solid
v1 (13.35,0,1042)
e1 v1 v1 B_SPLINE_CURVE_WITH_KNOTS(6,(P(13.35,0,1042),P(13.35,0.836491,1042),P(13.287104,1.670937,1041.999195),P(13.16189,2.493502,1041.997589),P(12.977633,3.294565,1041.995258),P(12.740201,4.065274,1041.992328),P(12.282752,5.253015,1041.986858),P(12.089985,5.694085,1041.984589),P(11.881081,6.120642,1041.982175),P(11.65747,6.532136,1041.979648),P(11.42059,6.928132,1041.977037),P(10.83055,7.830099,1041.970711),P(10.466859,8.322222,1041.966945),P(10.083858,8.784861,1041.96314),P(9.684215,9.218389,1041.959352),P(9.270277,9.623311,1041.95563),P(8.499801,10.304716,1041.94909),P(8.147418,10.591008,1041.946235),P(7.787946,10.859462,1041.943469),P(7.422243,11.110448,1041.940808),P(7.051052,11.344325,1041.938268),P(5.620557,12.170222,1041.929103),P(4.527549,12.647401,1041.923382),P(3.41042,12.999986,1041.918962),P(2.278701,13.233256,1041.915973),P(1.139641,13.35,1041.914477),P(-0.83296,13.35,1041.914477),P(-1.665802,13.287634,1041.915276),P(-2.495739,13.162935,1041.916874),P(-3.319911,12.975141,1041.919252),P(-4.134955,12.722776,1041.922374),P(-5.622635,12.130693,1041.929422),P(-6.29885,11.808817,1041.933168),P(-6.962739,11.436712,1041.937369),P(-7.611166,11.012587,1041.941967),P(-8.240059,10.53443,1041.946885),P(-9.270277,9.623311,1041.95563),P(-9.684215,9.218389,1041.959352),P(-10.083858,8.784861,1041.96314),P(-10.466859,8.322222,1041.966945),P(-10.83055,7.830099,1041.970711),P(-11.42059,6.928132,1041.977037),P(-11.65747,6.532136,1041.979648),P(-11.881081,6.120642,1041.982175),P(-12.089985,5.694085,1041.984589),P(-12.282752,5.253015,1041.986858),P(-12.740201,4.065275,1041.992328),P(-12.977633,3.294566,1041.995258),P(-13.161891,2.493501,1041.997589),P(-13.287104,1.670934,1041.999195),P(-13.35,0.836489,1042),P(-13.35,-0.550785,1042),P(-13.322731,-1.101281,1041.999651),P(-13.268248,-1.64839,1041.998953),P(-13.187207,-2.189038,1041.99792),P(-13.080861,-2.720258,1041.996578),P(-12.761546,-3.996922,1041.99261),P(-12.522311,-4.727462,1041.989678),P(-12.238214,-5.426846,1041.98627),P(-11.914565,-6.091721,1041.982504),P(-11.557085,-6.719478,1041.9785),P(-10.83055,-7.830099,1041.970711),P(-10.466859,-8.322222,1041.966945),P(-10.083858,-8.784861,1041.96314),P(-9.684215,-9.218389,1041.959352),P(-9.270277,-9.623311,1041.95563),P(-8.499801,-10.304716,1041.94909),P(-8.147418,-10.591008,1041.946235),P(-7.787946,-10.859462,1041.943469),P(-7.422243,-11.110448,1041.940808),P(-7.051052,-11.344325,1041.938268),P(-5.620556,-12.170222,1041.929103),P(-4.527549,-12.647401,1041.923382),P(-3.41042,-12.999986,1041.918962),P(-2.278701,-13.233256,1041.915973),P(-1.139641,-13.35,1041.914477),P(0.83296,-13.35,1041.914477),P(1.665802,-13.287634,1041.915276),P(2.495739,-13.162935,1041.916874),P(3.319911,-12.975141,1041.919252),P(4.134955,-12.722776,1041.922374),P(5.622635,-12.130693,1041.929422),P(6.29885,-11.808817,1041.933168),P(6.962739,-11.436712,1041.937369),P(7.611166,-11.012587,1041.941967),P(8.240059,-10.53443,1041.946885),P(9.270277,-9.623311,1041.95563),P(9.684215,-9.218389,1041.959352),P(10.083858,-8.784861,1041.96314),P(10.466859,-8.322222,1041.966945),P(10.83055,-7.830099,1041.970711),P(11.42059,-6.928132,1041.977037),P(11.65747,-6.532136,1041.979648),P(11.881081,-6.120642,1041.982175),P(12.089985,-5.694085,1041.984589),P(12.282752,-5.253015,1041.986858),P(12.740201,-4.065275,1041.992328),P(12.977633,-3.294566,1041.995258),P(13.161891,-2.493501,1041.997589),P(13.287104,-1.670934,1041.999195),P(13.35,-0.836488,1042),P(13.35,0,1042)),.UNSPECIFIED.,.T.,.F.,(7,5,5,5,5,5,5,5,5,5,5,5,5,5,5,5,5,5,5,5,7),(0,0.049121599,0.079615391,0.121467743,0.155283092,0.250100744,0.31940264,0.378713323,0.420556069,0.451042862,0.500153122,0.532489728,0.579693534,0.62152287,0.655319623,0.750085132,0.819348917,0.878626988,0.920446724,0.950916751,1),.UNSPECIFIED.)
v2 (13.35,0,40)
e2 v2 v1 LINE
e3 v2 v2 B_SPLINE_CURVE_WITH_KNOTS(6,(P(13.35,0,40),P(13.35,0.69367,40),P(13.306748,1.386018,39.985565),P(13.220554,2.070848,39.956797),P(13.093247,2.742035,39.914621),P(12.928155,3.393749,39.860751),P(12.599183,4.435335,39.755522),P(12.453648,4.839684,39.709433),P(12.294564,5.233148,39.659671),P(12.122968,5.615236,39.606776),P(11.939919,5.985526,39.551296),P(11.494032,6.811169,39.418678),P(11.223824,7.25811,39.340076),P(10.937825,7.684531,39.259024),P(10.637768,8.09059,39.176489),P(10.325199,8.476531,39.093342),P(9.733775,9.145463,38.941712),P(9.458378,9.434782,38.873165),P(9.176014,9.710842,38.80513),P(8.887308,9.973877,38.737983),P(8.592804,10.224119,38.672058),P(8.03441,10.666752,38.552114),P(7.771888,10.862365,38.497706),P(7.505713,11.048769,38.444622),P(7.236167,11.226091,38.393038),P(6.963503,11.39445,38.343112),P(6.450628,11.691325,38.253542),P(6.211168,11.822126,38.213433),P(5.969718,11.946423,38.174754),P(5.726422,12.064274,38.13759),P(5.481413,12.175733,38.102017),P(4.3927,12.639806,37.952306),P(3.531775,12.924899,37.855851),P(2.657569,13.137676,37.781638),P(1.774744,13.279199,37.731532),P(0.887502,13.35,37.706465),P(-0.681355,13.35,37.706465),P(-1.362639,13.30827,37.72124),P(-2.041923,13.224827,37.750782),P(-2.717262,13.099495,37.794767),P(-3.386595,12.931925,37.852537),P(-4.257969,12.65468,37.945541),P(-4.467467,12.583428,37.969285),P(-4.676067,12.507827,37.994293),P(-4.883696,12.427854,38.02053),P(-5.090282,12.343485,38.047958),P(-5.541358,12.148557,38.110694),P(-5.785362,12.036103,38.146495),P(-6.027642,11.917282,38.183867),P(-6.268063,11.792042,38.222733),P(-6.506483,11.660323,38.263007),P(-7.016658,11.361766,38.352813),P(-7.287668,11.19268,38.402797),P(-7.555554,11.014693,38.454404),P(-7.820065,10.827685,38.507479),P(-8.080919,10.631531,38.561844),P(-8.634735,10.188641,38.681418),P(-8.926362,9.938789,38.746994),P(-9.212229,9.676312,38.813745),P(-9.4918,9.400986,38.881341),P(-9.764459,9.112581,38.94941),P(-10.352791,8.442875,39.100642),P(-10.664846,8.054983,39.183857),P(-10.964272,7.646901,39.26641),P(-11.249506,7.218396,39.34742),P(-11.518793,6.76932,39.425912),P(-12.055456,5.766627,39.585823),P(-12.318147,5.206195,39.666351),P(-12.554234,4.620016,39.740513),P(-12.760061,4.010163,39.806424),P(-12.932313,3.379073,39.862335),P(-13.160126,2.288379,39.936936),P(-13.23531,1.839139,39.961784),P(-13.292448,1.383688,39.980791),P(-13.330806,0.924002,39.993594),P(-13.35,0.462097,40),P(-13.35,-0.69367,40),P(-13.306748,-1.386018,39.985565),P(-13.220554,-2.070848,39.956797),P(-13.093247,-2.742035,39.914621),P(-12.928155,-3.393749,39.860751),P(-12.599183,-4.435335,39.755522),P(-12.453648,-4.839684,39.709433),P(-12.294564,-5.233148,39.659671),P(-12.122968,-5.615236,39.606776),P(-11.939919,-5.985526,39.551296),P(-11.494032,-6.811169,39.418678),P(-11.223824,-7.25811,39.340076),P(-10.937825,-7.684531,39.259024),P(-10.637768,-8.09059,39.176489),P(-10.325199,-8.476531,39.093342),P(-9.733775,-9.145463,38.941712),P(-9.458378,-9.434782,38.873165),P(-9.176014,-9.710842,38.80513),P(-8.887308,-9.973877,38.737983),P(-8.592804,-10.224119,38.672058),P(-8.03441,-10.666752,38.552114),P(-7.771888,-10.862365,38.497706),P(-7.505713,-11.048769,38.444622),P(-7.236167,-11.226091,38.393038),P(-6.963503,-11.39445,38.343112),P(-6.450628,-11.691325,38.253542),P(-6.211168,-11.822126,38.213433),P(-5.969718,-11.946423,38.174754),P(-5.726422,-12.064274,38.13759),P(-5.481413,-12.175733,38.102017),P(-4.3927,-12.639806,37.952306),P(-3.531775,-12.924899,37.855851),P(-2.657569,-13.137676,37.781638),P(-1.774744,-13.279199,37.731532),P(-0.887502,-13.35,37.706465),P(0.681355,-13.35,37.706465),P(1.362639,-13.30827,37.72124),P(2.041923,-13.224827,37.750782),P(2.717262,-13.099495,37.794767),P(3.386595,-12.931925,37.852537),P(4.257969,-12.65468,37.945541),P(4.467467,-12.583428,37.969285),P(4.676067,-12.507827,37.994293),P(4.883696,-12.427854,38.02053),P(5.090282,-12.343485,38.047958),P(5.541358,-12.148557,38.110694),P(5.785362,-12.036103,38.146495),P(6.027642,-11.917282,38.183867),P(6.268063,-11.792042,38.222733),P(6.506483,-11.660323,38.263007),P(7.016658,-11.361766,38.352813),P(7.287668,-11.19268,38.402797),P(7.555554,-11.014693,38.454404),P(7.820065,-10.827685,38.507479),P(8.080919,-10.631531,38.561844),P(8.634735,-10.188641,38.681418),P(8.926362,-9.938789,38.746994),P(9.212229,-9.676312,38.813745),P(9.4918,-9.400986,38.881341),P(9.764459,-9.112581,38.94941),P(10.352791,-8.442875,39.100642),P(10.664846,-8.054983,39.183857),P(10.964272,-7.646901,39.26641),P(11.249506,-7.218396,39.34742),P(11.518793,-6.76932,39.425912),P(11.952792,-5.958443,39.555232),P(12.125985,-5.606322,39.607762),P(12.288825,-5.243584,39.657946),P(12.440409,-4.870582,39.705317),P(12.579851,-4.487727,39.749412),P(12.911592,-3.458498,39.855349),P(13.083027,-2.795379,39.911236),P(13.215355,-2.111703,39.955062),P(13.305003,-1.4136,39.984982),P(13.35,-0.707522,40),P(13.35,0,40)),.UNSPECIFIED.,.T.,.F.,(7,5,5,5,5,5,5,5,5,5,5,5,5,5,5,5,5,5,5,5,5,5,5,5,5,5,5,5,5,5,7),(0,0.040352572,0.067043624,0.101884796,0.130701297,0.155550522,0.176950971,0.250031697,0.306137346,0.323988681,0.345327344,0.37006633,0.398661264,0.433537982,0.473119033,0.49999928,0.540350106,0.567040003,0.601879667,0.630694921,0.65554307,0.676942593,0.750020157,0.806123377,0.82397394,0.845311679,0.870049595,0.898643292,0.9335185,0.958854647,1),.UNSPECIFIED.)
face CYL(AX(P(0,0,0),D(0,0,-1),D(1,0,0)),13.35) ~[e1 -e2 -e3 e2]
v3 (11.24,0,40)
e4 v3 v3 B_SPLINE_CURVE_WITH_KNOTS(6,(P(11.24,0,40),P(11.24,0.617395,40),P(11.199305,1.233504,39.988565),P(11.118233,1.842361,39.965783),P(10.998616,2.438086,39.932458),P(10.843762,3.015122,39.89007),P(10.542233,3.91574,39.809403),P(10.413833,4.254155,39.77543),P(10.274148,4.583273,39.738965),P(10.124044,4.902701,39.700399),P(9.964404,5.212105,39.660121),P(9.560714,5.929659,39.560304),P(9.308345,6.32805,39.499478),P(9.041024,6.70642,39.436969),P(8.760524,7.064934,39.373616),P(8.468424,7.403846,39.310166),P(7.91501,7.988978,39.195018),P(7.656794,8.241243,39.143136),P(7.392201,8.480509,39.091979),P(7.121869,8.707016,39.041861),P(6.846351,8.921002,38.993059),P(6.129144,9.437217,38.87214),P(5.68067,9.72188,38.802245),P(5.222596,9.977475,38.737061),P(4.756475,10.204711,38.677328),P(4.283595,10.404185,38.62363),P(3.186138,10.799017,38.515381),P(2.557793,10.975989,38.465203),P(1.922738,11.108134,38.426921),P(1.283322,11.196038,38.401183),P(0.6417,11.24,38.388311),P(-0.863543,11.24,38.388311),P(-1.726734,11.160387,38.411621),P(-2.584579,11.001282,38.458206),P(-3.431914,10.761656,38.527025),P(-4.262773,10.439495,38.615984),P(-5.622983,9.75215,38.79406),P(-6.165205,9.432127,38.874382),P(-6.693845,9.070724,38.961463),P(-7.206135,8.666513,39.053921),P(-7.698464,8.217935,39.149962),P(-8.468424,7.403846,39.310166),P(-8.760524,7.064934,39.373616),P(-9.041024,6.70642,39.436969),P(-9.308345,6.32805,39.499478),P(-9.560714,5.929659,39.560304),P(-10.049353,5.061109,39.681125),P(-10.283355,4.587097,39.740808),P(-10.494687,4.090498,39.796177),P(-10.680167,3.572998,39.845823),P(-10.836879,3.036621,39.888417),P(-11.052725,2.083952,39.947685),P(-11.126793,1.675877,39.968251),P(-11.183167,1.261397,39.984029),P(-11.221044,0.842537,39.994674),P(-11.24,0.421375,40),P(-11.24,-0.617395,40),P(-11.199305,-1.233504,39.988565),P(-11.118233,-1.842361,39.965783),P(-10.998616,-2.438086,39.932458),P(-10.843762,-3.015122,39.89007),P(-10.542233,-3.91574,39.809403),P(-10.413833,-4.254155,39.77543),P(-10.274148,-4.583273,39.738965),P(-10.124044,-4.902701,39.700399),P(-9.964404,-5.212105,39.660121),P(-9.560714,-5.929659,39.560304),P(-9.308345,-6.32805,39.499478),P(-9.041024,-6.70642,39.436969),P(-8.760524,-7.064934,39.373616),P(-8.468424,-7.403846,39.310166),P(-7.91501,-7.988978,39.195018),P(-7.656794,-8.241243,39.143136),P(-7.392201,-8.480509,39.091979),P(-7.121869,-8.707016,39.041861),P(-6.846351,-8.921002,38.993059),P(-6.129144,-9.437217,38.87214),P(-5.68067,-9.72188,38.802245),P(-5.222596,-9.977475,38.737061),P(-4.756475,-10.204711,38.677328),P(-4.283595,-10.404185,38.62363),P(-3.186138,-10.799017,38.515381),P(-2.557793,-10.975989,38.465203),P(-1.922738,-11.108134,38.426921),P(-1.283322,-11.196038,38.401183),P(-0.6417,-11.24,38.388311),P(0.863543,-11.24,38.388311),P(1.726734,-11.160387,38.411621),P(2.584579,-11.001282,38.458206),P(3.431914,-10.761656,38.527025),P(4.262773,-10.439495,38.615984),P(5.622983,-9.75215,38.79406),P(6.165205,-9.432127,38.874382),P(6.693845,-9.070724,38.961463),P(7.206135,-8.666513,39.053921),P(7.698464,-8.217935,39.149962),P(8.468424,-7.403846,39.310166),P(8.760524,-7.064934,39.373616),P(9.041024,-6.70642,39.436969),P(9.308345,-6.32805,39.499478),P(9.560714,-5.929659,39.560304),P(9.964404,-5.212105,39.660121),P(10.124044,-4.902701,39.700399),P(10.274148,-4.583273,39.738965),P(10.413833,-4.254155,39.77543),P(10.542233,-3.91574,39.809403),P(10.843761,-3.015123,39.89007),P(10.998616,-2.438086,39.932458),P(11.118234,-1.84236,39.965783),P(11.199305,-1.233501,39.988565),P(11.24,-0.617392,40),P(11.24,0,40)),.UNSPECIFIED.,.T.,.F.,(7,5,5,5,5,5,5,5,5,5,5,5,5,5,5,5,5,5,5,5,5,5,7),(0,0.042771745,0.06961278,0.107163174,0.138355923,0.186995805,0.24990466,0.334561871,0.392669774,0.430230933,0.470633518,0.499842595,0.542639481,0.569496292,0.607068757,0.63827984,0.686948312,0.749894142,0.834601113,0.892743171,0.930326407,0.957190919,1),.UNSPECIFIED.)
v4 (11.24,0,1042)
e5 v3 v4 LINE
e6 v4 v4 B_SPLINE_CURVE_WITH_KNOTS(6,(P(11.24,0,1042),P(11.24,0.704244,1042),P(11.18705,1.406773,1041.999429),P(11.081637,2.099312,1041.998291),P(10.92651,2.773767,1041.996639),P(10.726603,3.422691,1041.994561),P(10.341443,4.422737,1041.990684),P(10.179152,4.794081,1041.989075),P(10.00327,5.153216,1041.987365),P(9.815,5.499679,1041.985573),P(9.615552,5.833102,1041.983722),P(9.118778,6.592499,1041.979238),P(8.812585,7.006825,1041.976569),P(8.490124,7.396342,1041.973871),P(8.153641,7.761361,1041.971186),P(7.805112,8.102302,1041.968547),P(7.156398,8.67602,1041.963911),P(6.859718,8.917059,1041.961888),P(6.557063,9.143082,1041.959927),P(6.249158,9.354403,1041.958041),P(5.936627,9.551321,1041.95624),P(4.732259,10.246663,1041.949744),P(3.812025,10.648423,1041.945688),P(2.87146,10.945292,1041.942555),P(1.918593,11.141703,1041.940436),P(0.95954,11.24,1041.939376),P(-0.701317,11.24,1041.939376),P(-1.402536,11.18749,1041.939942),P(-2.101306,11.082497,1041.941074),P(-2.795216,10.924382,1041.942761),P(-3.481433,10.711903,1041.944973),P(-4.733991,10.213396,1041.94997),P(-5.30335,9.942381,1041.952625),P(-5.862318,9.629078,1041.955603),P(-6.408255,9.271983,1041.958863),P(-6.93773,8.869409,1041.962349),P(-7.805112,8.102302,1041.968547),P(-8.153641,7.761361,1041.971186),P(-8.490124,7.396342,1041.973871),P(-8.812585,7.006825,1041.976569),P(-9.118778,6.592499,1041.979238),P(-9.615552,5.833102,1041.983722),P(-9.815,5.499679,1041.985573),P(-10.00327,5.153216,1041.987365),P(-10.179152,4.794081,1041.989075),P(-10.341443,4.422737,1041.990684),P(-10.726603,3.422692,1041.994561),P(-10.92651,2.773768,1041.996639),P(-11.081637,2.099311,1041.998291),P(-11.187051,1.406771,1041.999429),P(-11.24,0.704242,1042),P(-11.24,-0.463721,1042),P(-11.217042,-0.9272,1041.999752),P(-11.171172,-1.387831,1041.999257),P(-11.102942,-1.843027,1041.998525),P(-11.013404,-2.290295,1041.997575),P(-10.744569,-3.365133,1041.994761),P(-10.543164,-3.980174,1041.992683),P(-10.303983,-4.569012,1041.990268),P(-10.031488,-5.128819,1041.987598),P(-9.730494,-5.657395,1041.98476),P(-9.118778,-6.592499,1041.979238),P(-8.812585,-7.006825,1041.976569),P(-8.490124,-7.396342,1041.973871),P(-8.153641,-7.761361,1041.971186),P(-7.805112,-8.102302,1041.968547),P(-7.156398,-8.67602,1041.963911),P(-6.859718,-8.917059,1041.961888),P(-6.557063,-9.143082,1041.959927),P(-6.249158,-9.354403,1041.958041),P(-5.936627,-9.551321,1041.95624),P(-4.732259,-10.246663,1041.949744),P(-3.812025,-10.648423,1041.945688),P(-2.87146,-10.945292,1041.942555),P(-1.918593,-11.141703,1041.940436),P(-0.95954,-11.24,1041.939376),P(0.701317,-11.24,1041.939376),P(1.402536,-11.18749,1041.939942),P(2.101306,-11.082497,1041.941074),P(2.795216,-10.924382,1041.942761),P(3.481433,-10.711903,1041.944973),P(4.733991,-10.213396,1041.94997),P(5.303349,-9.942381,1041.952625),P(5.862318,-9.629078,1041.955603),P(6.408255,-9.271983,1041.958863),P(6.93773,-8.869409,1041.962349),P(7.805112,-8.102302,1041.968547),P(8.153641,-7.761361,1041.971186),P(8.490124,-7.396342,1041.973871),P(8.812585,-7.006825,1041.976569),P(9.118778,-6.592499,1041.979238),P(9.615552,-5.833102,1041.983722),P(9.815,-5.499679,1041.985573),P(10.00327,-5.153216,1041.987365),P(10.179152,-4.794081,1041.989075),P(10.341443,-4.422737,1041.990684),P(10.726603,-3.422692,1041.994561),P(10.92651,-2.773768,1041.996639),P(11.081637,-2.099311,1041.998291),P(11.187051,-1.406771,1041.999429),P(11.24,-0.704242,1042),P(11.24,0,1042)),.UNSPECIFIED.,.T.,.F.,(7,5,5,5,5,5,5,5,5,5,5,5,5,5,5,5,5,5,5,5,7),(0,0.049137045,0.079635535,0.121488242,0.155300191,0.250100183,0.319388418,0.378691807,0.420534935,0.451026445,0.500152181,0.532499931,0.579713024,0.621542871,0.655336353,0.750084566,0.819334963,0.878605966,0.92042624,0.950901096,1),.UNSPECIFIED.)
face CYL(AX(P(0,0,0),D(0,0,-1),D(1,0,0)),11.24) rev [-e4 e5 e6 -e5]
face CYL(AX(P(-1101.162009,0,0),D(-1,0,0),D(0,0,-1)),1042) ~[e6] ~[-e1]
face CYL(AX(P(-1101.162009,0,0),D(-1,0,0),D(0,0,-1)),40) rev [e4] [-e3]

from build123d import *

# Parameters (mm, degrees)
SKETCH1_R               = 13.35
SKETCH1_R_2             = 11.24
BOSS_EXTRUDE1_DEPTH     = 1100
CUT_EXTRUDE1_DEPTH      = 1101.162008524
CUT_EXTRUDE1_DEPTH_BACK = 1101.162008524
SKETCH2_R               = 40
CUT_EXTRUDE2_DEPTH      = 1101.162008627
CUT_EXTRUDE2_DEPTH_BACK = 1101.162008627
SKETCH3_R               = 2231.362480005
SKETCH3_R_2             = 1042


with BuildPart() as part:
    # Sketch1 → Boss-Extrude1 (new body)
    with BuildSketch(Plane.XY):
        Circle(SKETCH1_R)
        Circle(SKETCH1_R_2, mode=Mode.SUBTRACT)
    extrude(amount=BOSS_EXTRUDE1_DEPTH)

    # Sketch2 → Cut-Extrude1 (cut, two sides: drawn at the far end of the back side and taken through both)
    with BuildSketch(Plane(origin=(0, 0, 0), x_dir=(0, 0, -1), z_dir=(1, 0, 0)).offset(-CUT_EXTRUDE1_DEPTH_BACK)):
        Circle(SKETCH2_R)
    extrude(amount=CUT_EXTRUDE1_DEPTH + CUT_EXTRUDE1_DEPTH_BACK, mode=Mode.SUBTRACT)

    # Sketch3 → Cut-Extrude2 (cut, two sides: drawn at the far end of the back side and taken through both)
    with BuildSketch(Plane(origin=(0, 0, 0), x_dir=(0, 0, -1), z_dir=(1, 0, 0)).offset(-CUT_EXTRUDE2_DEPTH_BACK)):
        Circle(SKETCH3_R)
        Circle(SKETCH3_R_2, mode=Mode.SUBTRACT)
    extrude(amount=CUT_EXTRUDE2_DEPTH + CUT_EXTRUDE2_DEPTH_BACK, mode=Mode.SUBTRACT)


solid = part.part
